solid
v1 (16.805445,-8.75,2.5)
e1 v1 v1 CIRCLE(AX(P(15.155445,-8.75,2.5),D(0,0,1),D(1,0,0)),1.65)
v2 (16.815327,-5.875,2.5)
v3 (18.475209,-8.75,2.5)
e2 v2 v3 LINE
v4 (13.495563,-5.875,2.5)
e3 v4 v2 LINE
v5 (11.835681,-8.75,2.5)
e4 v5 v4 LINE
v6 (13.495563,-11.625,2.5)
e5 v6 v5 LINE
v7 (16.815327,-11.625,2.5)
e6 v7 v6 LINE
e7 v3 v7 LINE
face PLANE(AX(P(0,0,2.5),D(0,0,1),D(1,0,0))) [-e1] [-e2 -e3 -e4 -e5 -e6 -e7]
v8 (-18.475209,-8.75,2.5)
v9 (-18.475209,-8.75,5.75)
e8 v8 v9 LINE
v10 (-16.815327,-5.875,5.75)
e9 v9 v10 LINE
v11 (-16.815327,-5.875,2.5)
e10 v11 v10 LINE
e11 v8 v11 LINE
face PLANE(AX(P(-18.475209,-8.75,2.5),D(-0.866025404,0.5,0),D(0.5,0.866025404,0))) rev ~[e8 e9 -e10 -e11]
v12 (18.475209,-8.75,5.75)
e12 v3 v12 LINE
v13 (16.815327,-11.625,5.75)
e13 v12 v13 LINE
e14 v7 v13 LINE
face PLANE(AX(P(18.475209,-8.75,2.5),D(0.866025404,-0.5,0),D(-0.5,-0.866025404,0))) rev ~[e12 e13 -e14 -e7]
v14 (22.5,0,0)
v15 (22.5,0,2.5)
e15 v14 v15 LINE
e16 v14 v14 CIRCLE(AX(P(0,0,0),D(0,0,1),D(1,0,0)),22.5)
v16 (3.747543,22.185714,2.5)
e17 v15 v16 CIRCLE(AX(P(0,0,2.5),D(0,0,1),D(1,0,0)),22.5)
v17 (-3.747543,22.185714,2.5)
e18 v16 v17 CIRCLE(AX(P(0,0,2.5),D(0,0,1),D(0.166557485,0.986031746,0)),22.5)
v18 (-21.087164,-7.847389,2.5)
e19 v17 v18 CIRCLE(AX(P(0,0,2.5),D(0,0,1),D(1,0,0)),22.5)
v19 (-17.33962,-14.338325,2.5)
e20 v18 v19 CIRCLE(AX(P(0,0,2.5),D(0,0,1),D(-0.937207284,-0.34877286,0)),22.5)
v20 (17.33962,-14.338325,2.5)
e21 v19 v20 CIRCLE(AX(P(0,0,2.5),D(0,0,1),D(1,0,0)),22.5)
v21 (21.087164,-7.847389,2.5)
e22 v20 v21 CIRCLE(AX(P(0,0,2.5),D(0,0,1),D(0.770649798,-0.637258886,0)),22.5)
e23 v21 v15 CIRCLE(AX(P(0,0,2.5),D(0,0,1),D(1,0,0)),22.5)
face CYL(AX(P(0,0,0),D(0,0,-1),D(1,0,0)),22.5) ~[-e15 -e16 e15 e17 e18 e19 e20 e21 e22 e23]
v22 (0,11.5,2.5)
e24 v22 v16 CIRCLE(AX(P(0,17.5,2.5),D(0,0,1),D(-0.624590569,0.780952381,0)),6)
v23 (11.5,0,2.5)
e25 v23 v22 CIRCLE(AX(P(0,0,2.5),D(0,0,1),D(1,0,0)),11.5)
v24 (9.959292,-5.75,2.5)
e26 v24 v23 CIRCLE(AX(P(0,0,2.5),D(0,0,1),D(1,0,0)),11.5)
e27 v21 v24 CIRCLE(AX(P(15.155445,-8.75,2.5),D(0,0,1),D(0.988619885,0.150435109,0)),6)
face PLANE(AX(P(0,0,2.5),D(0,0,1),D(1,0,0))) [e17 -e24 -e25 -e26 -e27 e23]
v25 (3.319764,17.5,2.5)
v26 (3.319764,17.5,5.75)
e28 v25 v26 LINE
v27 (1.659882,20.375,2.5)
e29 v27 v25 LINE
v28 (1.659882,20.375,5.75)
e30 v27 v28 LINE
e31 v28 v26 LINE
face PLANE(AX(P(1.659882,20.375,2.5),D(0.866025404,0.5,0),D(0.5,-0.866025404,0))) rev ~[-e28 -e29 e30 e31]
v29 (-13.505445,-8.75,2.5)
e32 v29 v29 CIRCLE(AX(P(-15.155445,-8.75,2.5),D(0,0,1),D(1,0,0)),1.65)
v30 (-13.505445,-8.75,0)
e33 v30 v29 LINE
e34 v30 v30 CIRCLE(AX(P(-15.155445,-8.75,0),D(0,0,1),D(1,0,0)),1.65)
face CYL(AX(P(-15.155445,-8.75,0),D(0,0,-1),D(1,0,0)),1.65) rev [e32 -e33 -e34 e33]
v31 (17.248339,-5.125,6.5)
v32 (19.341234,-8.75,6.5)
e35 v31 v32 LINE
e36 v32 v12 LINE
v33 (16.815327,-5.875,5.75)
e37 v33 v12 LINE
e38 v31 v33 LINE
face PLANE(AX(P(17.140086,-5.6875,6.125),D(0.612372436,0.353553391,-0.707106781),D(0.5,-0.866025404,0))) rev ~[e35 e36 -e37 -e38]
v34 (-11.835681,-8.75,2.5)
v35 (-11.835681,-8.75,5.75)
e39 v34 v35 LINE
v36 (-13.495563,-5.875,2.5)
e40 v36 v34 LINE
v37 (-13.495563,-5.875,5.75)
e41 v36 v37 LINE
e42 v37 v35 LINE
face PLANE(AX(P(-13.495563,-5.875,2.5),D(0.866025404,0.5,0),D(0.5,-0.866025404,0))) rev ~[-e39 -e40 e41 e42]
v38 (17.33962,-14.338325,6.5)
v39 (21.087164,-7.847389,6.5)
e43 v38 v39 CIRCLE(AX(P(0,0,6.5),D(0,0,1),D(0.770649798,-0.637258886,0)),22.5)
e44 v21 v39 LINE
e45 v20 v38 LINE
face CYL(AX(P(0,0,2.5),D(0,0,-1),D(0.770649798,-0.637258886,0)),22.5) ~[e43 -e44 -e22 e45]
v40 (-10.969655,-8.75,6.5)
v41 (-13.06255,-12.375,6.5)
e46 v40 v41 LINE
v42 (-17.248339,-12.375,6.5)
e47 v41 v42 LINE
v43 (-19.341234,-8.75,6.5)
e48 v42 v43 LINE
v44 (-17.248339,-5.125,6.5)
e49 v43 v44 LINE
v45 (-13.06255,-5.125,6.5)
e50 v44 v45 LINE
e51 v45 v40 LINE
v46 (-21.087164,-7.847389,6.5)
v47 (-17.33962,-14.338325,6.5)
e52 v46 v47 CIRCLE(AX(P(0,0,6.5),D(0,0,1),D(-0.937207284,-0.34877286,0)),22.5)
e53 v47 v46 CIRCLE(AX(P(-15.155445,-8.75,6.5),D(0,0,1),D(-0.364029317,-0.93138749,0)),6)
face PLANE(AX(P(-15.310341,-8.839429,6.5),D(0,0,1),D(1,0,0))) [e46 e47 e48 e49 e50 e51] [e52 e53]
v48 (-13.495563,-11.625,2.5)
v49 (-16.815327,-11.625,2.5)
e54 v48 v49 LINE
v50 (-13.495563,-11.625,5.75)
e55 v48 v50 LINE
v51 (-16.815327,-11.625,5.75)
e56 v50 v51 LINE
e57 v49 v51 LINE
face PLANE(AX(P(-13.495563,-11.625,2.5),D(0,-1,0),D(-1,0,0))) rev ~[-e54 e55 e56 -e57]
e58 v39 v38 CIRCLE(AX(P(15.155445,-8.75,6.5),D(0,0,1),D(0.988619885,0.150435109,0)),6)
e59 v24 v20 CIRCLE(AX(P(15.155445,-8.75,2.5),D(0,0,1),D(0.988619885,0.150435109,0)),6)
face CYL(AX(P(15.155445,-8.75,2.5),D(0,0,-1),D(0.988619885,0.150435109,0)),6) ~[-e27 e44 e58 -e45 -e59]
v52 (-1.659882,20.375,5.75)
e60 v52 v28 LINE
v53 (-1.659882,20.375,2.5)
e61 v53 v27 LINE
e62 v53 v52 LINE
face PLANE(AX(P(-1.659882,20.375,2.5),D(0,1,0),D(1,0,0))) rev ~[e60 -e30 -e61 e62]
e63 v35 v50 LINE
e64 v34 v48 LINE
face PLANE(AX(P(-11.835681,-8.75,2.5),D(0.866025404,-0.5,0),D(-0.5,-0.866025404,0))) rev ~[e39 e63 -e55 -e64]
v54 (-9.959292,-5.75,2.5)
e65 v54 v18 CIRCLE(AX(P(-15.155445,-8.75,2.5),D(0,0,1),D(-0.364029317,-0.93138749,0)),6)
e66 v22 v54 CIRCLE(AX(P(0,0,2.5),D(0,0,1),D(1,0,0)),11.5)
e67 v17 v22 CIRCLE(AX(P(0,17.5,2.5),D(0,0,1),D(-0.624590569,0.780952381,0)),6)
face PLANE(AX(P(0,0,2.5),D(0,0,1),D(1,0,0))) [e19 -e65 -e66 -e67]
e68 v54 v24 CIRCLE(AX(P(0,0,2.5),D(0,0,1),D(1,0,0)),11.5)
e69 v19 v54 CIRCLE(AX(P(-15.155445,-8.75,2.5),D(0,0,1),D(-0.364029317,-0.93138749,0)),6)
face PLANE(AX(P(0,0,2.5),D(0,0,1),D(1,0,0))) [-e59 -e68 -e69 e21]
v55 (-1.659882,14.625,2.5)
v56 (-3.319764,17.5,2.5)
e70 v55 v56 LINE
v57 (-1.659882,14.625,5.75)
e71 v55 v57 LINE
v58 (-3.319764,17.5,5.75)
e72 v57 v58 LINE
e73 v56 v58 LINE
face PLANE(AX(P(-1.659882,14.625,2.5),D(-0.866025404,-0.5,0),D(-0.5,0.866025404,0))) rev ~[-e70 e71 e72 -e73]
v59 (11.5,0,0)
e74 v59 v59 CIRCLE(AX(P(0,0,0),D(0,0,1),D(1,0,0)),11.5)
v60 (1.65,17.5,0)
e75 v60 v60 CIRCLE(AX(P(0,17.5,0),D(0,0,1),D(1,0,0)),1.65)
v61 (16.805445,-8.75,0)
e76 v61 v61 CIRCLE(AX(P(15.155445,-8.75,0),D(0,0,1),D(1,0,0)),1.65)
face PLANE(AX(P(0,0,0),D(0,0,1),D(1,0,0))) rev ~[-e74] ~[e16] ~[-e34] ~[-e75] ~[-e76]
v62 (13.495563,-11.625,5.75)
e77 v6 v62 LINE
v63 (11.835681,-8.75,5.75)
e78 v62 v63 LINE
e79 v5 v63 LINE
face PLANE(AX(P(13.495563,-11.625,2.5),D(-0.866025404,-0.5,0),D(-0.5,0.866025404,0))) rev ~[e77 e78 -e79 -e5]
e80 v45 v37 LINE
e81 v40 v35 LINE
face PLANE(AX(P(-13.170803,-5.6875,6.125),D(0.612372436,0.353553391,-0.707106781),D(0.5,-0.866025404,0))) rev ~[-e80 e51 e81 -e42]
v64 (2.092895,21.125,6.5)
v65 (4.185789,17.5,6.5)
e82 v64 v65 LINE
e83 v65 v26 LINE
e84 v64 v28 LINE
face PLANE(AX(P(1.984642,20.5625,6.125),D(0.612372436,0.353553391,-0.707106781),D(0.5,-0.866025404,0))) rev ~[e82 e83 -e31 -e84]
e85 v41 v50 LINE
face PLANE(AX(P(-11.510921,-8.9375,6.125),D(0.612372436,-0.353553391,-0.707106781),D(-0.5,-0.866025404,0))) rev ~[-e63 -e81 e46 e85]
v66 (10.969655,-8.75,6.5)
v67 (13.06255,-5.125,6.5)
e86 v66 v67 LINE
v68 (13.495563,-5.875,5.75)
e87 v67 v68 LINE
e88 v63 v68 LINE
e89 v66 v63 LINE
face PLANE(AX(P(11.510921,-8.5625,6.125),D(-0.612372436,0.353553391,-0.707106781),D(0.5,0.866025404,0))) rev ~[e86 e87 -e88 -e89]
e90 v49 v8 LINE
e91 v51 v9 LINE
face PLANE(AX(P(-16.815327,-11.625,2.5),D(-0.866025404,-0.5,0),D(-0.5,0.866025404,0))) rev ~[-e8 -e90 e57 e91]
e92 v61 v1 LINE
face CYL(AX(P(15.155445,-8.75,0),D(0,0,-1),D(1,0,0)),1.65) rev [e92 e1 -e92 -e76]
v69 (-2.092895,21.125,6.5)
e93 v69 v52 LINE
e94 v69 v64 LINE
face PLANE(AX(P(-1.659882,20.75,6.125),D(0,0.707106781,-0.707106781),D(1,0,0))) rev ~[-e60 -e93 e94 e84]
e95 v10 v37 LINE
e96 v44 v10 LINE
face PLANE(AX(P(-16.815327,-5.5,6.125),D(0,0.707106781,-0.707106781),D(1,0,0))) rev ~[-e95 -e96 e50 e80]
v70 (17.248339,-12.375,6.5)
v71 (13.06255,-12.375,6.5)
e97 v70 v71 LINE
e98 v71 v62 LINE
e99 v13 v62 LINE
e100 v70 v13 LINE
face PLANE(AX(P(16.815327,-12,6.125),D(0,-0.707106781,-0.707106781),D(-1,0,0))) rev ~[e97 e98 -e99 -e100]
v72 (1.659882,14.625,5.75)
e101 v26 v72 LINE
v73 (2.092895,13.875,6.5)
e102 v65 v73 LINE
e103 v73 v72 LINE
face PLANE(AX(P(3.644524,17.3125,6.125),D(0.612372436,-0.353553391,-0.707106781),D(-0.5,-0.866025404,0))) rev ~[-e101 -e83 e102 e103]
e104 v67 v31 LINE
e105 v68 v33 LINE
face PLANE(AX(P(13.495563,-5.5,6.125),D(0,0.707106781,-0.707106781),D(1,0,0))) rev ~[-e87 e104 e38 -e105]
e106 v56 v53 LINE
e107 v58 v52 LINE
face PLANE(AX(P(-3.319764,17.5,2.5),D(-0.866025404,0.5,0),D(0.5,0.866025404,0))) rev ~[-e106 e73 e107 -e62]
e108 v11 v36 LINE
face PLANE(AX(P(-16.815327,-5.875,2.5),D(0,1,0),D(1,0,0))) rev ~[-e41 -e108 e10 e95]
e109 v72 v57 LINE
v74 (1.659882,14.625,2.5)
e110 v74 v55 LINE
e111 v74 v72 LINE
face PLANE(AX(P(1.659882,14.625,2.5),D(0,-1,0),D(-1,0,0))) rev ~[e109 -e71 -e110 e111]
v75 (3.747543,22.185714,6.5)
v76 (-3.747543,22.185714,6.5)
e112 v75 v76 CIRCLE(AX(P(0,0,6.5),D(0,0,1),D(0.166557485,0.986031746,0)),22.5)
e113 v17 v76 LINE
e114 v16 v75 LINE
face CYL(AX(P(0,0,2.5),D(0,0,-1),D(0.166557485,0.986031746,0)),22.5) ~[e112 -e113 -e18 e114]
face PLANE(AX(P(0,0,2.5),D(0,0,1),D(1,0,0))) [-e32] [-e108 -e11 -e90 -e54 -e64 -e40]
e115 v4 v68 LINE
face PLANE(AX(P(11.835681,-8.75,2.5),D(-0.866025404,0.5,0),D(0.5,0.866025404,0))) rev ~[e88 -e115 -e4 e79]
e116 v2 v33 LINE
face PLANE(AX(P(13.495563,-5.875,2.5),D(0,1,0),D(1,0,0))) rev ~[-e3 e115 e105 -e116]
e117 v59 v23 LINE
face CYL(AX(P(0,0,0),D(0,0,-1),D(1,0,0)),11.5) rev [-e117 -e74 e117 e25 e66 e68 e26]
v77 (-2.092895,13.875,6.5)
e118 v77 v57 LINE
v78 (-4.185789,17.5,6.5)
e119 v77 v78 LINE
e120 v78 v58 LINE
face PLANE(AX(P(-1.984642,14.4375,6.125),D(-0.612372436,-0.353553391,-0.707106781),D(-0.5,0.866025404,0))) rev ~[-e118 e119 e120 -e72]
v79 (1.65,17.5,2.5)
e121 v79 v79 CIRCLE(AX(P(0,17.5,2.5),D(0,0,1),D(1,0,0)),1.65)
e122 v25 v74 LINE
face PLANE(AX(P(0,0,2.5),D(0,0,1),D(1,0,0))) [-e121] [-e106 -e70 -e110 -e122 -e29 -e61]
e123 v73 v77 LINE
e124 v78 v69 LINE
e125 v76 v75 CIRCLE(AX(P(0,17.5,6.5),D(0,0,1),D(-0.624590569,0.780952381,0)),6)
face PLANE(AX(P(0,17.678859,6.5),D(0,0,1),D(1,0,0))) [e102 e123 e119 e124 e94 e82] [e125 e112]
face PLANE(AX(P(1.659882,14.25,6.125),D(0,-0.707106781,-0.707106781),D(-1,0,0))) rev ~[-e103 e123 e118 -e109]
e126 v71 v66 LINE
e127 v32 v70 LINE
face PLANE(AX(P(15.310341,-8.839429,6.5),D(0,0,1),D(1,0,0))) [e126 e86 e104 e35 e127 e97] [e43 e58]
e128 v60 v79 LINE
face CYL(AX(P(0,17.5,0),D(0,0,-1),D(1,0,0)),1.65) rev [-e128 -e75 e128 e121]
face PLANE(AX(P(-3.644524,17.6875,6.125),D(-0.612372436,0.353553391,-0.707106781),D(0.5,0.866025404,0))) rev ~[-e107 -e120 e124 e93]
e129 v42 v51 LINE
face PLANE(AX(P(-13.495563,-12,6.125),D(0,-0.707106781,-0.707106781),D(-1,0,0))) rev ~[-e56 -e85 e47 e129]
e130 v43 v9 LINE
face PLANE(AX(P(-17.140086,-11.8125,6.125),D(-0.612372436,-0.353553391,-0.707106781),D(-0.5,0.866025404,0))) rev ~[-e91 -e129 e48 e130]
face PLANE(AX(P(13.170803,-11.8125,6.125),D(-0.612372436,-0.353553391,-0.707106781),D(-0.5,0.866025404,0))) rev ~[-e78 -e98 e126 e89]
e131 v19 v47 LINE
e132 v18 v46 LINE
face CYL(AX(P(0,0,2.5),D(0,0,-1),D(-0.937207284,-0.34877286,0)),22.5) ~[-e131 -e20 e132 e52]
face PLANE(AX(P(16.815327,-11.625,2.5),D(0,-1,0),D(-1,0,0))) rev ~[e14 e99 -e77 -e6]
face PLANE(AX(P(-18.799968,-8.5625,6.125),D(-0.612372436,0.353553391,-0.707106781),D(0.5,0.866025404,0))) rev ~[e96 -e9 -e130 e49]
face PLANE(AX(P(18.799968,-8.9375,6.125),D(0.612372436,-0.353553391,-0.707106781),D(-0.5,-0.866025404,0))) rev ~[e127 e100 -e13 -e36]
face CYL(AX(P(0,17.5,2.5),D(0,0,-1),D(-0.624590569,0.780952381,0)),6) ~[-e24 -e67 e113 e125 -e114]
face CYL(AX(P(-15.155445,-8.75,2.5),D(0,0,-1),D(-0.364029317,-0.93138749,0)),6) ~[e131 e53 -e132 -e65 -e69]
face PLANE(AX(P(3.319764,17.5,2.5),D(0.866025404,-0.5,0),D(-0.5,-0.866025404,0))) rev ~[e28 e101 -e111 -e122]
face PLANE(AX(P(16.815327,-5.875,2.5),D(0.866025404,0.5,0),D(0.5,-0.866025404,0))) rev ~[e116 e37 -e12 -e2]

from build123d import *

# Parameters (mm, degrees)
SKETCH1_R           = 22.5
SKETCH1_R_2         = 11.5
SKETCH1_R_3         = 1.65
BOSS_EXTRUDE1_DEPTH = 2.5
BOSS_EXTRUDE2_DEPTH = 4
CHAMFER1_SIZE       = 0.75


with BuildPart() as part:
    # Sketch1 → Boss-Extrude1 (new body)
    with BuildSketch(Plane.XY):
        Circle(SKETCH1_R)
        Circle(SKETCH1_R_2, mode=Mode.SUBTRACT)
        with Locations((0, 17.5)):
            Circle(SKETCH1_R_3, mode=Mode.SUBTRACT)
        with Locations((15.155444566, -8.75)):
            Circle(SKETCH1_R_3, mode=Mode.SUBTRACT)
        with Locations((-15.155444566, -8.75)):
            Circle(SKETCH1_R_3, mode=Mode.SUBTRACT)
    extrude(amount=BOSS_EXTRUDE1_DEPTH)

    # Sketch2 → Boss-Extrude2 (add)
    # profile 1 of 3: a face of its own
    with BuildSketch(Plane.XY.offset(2.5)):
        with BuildLine():
            ThreePointArc((3.747543413, 22.185714286), (0, 22.5), (-3.747543413, 22.185714286))
            ThreePointArc((-3.747543413, 22.185714286), (0, 11.5), (3.747543413, 22.185714286))
        make_face()
        Polygon((1.659882024, 20.375), (3.319764048, 17.5), (1.659882024, 14.625), (-1.659882024, 14.625), (-3.319764048, 17.5), (-1.659882024, 20.375), align=None, mode=Mode.SUBTRACT)
    # profile 2 of 3: a face of its own
    with BuildSketch(Plane.XY.offset(2.5)):
        with BuildLine():
            ThreePointArc((-17.339620466, -14.33832494), (-9.959292144, -5.75), (-21.087163879, -7.847389345))
            ThreePointArc((-21.087163879, -7.847389345), (-19.485571585, -11.25), (-17.339620466, -14.33832494))
        make_face()
        Polygon((-18.475208614, -8.75), (-16.81532659, -5.875), (-13.495562542, -5.875), (-11.835680518, -8.75), (-13.495562542, -11.625), (-16.81532659, -11.625), align=None, mode=Mode.SUBTRACT)
    # profile 3 of 3: a face of its own
    with BuildSketch(Plane.XY.offset(2.5)):
        with BuildLine():
            ThreePointArc((17.339620466, -14.33832494), (19.485571585, -11.25), (21.087163879, -7.847389345))
            ThreePointArc((21.087163879, -7.847389345), (9.959292144, -5.75), (17.339620466, -14.33832494))
        make_face()
        Polygon((16.81532659, -11.625), (13.495562542, -11.625), (11.835680518, -8.75), (13.495562542, -5.875), (16.81532659, -5.875), (18.475208614, -8.75), align=None, mode=Mode.SUBTRACT)
    extrude(amount=BOSS_EXTRUDE2_DEPTH)

    # Chamfer1
    chamfer1_edges = [part.edges().sort_by_distance(p)[0] for p in [
        (2.489823036, 16.0625, 6.5),
        (0, 14.625, 6.5),
        (-2.489823036, 16.0625, 6.5),
        (-2.489823036, 18.9375, 6.5),
        (0, 20.375, 6.5),
        (2.489823036, 18.9375, 6.5),
        (-15.155444566, -5.875, 6.5),
        (-12.66562153, -7.3125, 6.5),
        (-12.66562153, -10.1875, 6.5),
        (-15.155444566, -11.625, 6.5),
        (-17.645267602, -10.1875, 6.5),
        (-17.645267602, -7.3125, 6.5),
        (12.66562153, -10.1875, 6.5),
        (12.66562153, -7.3125, 6.5),
        (15.155444566, -5.875, 6.5),
        (17.645267602, -7.3125, 6.5),
        (17.645267602, -10.1875, 6.5),
        (15.155444566, -11.625, 6.5),
    ]]
    chamfer(chamfer1_edges, length=CHAMFER1_SIZE)


solid = part.part
